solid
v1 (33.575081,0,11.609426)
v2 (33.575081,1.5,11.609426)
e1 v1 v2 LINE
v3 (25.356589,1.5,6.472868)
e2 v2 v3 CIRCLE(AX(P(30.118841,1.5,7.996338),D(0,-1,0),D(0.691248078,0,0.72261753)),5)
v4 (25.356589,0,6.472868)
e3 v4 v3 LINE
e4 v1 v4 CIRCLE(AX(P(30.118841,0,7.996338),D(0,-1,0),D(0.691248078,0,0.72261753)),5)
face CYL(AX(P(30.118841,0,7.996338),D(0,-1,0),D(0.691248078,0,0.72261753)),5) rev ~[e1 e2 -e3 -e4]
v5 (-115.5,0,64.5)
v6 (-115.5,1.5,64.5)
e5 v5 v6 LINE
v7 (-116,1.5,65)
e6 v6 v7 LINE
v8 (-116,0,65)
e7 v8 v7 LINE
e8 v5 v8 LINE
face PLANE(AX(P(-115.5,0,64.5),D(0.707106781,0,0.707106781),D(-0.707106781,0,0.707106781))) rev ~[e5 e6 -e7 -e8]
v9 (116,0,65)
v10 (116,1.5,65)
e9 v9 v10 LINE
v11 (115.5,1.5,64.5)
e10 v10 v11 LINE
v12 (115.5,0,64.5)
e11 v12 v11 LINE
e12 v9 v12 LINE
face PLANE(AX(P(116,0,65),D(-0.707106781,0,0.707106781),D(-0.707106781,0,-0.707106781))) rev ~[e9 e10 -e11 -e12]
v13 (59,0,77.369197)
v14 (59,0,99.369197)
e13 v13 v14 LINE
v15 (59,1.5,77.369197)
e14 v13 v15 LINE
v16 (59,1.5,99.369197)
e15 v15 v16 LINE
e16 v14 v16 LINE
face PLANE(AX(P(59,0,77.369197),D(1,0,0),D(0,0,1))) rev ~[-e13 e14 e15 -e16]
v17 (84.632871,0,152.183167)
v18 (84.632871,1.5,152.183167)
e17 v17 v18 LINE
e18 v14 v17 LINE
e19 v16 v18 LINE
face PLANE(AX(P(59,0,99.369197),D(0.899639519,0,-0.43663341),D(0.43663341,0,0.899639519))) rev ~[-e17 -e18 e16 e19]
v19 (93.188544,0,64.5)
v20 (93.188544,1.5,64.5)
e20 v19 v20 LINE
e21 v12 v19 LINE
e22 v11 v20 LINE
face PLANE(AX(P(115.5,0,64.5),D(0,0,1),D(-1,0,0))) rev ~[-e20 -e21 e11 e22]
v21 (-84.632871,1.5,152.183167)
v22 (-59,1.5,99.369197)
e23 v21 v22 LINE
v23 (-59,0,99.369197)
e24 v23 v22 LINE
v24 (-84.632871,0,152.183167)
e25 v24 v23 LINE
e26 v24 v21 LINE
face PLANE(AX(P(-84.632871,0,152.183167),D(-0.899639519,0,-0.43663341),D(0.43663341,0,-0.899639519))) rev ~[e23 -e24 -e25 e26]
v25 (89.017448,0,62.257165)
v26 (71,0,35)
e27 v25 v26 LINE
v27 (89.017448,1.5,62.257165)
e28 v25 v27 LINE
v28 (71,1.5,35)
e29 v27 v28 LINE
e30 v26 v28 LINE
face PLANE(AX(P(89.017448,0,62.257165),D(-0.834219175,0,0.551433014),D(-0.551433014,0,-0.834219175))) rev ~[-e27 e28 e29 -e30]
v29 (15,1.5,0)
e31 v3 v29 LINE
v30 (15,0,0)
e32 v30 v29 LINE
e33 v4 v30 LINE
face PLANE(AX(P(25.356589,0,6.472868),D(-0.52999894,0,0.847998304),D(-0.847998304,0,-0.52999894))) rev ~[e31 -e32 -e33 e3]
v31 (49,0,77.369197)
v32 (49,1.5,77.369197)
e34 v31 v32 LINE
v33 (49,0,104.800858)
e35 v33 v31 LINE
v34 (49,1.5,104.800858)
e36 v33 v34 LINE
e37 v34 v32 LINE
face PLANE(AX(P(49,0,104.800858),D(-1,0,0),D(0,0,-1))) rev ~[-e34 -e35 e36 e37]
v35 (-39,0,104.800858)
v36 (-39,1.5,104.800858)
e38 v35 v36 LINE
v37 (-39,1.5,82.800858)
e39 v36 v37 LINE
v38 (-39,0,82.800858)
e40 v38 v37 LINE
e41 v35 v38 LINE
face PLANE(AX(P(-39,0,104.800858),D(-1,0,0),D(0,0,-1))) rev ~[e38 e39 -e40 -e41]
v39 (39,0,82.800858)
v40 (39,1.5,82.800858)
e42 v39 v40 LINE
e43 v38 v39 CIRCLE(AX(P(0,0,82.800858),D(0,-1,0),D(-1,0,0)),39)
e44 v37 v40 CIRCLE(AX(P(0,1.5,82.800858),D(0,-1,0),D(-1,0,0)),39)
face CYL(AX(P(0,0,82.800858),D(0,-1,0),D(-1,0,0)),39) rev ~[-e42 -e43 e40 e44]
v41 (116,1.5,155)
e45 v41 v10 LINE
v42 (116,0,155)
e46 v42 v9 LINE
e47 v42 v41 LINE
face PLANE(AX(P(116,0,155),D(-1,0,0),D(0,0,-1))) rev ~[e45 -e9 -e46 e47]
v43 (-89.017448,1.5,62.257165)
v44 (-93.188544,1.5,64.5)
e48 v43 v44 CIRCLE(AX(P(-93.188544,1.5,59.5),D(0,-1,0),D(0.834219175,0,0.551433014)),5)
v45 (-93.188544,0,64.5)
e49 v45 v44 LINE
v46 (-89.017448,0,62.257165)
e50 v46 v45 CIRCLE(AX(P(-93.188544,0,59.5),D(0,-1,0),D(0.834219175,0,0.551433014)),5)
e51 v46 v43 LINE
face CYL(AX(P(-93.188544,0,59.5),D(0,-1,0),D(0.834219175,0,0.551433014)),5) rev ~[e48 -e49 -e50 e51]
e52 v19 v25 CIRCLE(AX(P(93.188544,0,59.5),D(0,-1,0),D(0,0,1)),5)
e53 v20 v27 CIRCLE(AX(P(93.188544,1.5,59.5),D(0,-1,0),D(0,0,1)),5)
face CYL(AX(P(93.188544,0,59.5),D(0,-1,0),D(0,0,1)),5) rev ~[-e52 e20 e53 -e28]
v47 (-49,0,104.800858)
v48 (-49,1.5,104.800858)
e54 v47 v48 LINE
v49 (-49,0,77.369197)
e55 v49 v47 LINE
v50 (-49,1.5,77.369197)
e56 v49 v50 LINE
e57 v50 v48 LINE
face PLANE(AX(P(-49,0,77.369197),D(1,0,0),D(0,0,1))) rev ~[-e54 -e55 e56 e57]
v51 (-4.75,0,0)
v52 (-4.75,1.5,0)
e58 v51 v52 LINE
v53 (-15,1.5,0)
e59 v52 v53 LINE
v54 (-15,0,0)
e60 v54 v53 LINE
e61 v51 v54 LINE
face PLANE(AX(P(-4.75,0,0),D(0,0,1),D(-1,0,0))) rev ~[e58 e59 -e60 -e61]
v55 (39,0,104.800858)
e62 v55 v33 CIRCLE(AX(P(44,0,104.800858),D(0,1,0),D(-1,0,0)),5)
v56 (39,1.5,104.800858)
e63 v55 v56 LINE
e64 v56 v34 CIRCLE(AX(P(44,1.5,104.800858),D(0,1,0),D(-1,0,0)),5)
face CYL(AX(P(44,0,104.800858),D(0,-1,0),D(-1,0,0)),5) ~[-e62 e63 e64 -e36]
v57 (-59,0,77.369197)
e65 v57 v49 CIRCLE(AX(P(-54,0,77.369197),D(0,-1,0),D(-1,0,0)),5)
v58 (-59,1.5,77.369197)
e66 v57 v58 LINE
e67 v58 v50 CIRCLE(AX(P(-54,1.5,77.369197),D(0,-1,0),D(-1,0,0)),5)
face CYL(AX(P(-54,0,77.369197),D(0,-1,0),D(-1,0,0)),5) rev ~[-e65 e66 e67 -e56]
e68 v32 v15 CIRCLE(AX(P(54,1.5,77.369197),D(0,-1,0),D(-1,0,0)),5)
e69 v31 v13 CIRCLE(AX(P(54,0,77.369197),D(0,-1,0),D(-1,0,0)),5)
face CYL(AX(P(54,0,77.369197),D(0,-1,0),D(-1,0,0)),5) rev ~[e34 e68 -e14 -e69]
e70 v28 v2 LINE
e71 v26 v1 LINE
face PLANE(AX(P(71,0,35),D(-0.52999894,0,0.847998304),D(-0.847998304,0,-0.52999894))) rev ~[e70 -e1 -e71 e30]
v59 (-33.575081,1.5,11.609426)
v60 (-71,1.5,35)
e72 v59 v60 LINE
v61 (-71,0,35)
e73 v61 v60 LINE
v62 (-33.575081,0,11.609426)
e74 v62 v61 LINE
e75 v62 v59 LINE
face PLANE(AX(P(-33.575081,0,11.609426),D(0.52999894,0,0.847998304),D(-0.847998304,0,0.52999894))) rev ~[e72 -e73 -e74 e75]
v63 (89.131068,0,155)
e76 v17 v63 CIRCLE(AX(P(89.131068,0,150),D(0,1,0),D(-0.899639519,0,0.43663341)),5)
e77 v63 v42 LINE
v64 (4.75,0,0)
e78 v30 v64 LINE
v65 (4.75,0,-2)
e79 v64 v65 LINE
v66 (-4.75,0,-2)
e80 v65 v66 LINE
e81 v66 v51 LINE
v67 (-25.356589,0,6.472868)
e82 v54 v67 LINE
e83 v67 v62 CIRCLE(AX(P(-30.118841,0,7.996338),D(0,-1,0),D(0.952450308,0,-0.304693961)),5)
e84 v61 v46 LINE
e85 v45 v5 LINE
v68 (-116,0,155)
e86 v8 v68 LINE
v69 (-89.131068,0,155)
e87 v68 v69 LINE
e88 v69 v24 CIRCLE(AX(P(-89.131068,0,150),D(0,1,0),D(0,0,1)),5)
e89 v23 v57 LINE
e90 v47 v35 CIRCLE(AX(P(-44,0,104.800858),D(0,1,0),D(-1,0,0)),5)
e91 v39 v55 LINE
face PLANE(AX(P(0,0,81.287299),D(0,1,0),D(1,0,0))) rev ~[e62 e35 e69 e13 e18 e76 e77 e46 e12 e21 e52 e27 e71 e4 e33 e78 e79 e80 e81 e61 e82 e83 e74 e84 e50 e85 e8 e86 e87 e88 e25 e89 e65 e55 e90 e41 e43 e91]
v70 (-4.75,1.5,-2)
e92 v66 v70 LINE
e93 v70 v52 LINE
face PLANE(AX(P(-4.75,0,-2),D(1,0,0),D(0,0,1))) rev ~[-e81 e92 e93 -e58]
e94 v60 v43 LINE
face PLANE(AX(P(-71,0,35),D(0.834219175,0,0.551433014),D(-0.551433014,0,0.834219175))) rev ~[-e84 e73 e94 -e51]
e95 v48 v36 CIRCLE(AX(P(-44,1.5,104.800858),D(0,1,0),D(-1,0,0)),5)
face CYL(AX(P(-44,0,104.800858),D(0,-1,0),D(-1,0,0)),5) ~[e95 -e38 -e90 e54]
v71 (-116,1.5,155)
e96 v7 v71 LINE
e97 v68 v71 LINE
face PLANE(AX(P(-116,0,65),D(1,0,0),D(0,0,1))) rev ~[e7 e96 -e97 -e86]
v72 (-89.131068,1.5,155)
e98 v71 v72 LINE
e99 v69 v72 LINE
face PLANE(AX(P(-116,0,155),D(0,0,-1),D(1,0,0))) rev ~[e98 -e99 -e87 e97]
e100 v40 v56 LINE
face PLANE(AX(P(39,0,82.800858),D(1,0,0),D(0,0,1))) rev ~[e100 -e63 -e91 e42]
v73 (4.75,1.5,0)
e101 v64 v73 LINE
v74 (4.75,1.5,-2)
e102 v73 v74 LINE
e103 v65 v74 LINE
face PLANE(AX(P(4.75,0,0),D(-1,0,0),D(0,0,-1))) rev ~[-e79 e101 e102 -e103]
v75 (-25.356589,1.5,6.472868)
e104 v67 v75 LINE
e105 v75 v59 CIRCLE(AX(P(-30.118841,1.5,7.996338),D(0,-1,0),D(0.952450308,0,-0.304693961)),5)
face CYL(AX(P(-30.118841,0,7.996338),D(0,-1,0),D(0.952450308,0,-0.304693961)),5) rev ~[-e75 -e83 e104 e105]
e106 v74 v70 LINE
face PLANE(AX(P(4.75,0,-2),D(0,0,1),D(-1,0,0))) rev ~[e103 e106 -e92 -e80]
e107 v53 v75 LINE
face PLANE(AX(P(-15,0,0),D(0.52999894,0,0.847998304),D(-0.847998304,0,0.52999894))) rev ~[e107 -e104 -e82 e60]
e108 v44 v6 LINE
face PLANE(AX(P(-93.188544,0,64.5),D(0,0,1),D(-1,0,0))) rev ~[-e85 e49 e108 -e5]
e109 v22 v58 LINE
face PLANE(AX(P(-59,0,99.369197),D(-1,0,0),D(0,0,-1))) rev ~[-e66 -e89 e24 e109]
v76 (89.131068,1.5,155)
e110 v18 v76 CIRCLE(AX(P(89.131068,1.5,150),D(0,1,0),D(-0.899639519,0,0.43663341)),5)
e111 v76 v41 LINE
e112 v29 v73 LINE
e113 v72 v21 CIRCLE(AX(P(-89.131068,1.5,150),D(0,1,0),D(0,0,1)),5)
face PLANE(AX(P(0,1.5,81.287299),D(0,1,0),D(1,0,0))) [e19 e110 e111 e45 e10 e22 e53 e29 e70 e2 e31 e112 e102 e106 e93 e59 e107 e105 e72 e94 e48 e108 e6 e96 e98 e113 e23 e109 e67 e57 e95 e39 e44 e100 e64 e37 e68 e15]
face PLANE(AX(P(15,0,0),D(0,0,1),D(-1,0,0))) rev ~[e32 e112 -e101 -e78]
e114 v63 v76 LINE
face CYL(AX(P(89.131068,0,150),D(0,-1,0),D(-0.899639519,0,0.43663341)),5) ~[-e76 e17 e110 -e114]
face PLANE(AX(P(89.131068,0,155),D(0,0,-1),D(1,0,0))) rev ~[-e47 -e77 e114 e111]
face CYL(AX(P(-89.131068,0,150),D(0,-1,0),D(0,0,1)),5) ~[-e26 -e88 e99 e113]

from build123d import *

# Parameters (mm, degrees)
BOSS_EXTRUDE1_DEPTH = 1.5


with BuildPart() as part:
    # Sketch1 → Boss-Extrude1 (new body)
    with BuildSketch(Plane(origin=(0, 0, 0), x_dir=(1, 0, 0), z_dir=(0, 1, 0))):
        with BuildLine():
            Line((15, 0), (4.75, 0))
            Line((4.75, 0), (4.75, 2))
            Line((4.75, 2), (-4.75, 2))
            Line((-4.75, 2), (-4.75, 0))
            Line((-4.75, 0), (-15, 0))
            Line((-15, 0), (-25.356589319, -6.472868325))
            ThreePointArc((-25.356589319, -6.472868325), (-27.468846161, -12.236329652), (-33.575081251, -11.609425782))
            Line((-33.575081251, -11.609425782), (-71, -35))
            Line((-71, -35), (-89.017448096, -62.257165069))
            ThreePointArc((-89.017448096, -62.257165069), (-90.820615058, -63.903738488), (-93.18854397, -64.5))
            Line((-93.18854397, -64.5), (-115.5, -64.5))
            Line((-115.5, -64.5), (-116, -65))
            Line((-116, -65), (-116, -155))
            Line((-116, -155), (-89.131068486, -155))
            ThreePointArc((-89.131068486, -155), (-86.477376272, -154.23767833), (-84.632870889, -152.183167051))
            Line((-84.632870889, -152.183167051), (-59, -99.369197466))
            Line((-59, -99.369197466), (-59, -77.369197466))
            ThreePointArc((-59, -77.369197466), (-54, -72.369197466), (-49, -77.369197466))
            Line((-49, -77.369197466), (-49, -104.800858216))
            ThreePointArc((-49, -104.800858216), (-44, -109.800858216), (-39, -104.800858216))
            Line((-39, -104.800858216), (-39, -82.800858216))
            ThreePointArc((-39, -82.800858216), (0, -43.800858216), (39, -82.800858216))
            Line((39, -82.800858216), (39, -104.800858216))
            ThreePointArc((39, -104.800858216), (44, -109.800858216), (49, -104.800858216))
            Line((49, -104.800858216), (49, -77.369197466))
            ThreePointArc((49, -77.369197466), (54, -72.369197466), (59, -77.369197466))
            Line((59, -77.369197466), (59, -99.369197466))
            Line((59, -99.369197466), (84.632870889, -152.183167051))
            ThreePointArc((84.632870889, -152.183167051), (86.477376272, -154.23767833), (89.131068486, -155))
            Line((89.131068486, -155), (116, -155))
            Line((116, -155), (116, -65))
            Line((116, -65), (115.5, -64.5))
            Line((115.5, -64.5), (93.18854397, -64.5))
            ThreePointArc((93.18854397, -64.5), (90.820615058, -63.903738488), (89.017448096, -62.257165069))
            Line((89.017448096, -62.257165069), (71, -35))
            Line((71, -35), (33.575081251, -11.609425782))
            ThreePointArc((33.575081251, -11.609425782), (27.468846161, -12.236329652), (25.356589319, -6.472868325))
            Line((25.356589319, -6.472868325), (15, 0))
        make_face()
    extrude(amount=BOSS_EXTRUDE1_DEPTH)


solid = part.part
